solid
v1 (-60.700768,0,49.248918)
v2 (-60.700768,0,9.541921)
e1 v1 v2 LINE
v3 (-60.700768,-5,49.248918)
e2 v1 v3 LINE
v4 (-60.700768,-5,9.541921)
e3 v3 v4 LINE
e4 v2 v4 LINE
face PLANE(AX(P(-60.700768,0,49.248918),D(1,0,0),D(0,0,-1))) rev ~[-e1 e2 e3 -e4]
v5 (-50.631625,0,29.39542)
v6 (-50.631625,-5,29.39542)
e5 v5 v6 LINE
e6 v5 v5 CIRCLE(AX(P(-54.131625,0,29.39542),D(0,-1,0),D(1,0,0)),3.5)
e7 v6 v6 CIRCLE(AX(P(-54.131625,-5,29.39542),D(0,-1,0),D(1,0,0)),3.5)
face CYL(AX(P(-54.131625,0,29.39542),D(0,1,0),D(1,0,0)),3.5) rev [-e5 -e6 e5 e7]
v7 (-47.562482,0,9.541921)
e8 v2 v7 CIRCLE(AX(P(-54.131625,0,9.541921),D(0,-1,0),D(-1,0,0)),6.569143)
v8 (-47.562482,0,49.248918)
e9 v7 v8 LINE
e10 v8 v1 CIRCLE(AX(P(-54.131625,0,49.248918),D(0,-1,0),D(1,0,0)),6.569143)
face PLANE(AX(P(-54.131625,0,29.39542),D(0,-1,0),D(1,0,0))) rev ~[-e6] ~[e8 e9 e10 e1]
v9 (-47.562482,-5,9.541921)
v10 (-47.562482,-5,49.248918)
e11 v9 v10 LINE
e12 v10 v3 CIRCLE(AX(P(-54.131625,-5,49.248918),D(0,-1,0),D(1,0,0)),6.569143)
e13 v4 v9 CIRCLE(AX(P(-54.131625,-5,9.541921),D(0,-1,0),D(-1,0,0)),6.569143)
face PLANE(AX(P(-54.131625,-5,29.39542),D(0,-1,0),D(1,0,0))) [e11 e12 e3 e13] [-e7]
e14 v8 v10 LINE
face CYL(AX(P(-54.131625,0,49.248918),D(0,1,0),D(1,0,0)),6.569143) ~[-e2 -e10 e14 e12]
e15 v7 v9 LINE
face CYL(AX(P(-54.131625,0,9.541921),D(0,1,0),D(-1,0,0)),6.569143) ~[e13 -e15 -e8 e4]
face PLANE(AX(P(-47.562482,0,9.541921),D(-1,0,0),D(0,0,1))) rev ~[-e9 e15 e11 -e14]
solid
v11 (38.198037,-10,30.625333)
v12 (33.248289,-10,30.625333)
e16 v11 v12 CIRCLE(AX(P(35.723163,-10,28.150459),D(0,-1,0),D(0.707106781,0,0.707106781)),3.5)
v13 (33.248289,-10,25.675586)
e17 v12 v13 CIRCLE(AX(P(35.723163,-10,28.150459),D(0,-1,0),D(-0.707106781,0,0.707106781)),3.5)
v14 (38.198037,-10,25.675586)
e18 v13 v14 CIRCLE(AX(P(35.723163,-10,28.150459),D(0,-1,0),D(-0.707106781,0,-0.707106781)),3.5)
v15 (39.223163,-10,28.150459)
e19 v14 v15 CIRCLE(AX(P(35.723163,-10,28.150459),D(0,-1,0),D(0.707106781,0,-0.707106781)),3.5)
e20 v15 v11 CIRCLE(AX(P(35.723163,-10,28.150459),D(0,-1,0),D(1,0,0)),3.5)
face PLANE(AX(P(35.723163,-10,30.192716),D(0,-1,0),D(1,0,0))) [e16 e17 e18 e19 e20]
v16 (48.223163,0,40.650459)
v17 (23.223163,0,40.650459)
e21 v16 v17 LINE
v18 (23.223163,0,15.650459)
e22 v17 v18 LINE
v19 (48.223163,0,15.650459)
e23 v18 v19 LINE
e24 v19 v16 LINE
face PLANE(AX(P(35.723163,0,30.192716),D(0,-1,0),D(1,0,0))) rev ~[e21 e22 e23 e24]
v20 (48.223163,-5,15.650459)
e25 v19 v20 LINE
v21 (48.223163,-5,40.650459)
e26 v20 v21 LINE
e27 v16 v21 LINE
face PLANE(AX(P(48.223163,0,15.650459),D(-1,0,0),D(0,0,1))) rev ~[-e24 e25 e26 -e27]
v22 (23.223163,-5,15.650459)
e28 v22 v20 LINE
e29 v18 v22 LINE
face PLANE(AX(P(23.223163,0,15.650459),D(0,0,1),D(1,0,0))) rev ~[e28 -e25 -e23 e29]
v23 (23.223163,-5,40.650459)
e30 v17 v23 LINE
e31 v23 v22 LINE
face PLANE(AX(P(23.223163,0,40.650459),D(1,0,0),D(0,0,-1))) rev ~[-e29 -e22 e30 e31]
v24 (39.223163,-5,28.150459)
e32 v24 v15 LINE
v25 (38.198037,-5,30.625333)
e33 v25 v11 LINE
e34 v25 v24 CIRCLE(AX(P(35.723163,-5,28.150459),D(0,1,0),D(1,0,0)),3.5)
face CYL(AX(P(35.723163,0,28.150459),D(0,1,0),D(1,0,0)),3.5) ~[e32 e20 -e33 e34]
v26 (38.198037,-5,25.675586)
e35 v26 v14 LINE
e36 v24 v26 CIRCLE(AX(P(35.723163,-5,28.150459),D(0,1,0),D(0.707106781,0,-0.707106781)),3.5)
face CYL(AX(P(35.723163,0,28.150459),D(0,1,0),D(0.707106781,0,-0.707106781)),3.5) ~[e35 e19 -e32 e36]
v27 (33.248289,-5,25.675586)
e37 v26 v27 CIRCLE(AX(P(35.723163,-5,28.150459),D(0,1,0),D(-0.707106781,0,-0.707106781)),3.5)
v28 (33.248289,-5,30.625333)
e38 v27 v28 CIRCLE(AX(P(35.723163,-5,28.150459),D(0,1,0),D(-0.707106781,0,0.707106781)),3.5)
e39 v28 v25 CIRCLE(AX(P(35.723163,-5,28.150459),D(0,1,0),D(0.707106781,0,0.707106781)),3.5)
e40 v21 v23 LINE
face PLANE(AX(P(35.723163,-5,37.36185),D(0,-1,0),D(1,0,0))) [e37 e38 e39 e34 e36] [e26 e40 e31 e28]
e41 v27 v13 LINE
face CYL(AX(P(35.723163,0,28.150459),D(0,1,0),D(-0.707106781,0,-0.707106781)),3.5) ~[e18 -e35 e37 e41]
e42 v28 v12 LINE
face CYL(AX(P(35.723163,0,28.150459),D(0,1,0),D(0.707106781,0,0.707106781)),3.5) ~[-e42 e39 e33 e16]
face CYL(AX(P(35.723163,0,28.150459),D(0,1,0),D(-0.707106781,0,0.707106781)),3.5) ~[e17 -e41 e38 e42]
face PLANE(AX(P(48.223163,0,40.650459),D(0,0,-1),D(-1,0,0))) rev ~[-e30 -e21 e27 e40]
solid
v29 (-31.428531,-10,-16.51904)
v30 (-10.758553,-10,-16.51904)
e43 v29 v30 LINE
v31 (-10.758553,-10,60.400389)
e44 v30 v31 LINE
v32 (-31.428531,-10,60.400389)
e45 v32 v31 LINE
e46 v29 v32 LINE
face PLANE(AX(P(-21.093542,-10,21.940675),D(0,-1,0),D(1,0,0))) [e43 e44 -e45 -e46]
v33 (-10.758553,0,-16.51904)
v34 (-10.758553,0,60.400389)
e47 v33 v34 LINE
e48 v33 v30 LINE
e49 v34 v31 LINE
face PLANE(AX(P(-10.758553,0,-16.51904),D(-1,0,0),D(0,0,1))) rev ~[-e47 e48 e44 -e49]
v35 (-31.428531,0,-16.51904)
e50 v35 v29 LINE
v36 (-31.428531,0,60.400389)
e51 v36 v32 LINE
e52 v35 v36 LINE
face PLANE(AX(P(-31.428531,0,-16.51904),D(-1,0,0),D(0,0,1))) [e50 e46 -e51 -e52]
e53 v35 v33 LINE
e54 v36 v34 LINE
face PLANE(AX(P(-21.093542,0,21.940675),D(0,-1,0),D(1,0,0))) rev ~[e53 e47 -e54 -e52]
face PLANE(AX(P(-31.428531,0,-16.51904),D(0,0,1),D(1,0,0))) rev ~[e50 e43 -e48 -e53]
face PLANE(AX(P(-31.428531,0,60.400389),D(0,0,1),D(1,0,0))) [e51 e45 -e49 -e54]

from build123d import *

# Parameters (mm, degrees)
F0_R     = 3.5
F1_DEPTH = 5
F2_W     = 20.669978112
F2_H     = 76.9194290042
F3_DEPTH = 10
F5_DEPTH = 5
F6_DEPTH = 10


with BuildPart() as f1:
    # F0 (on Front) → F1 (new body)
    with BuildSketch(Plane.XZ):
        with BuildLine():
            ThreePointArc((-47.562482343, 49.2489182709), (-54.1316252202, 55.8180611481), (-60.7007680973, 49.2489182709))
            Line((-60.7007680973, 49.2489182709), (-60.7007680973, 29.3954196386))
            Line((-60.7007680973, 29.3954196386), (-60.7007680973, 9.5419210063))
            ThreePointArc((-60.7007680973, 9.5419210063), (-54.1316252202, 2.9727781291), (-47.562482343, 9.5419210063))
            Line((-47.562482343, 9.5419210063), (-47.562482343, 49.2489182709))
        make_face()
        with Locations((-54.1316252202, 29.3954196386)):
            Circle(F0_R, mode=Mode.SUBTRACT)
    extrude(amount=F1_DEPTH)


with BuildPart() as f3:
    # F2 (on Front) → F3 (new body)
    with BuildSketch(Plane.XZ):
        with Locations((-21.0935417563, 21.9406746328)):
            Rectangle(F2_W, F2_H)
    extrude(amount=F3_DEPTH)


with BuildPart() as f5:
    # F4 (on Front) → F5 (new body)
    with BuildSketch(Plane.XZ):
        with BuildLine():
            Line((48.2231631423, 40.6504594242), (23.2231631423, 40.6504594242))
            Line((23.2231631423, 40.6504594242), (33.2482894081, 30.6253331583))
            ThreePointArc((33.2482894081, 30.6253331583), (35.7231631423, 31.6504594242), (38.1980368764, 30.6253331583))
            Line((38.1980368764, 30.6253331583), (48.2231631423, 40.6504594242))
        make_face()
        with BuildLine():
            Line((33.2482894081, 30.6253331583), (23.2231631423, 40.6504594242))
            Line((23.2231631423, 40.6504594242), (23.2231631423, 15.6504594242))
            Line((23.2231631423, 15.6504594242), (33.2482894081, 25.67558569))
            ThreePointArc((33.2482894081, 25.67558569), (32.2231631423, 28.1504594242), (33.2482894081, 30.6253331583))
        make_face()
        with BuildLine():
            Line((33.2482894081, 25.67558569), (23.2231631423, 15.6504594242))
            Line((23.2231631423, 15.6504594242), (48.2231631423, 15.6504594242))
            Line((48.2231631423, 15.6504594242), (38.1980368764, 25.67558569))
            ThreePointArc((38.1980368764, 25.67558569), (35.7231631423, 24.6504594242), (33.2482894081, 25.67558569))
        make_face()
        with BuildLine():
            Line((48.2231631423, 15.6504594242), (48.2231631423, 40.6504594242))
            Line((48.2231631423, 40.6504594242), (38.1980368764, 30.6253331583))
            ThreePointArc((38.1980368764, 30.6253331583), (38.9567415061, 29.4898514375), (39.2231631423, 28.1504594242))
            ThreePointArc((39.2231631423, 28.1504594242), (38.9567415061, 26.8110674109), (38.1980368764, 25.67558569))
            Line((38.1980368764, 25.67558569), (48.2231631423, 15.6504594242))
        make_face()
        with BuildLine():
            Line((35.7231631423, 28.1504594242), (33.2482894081, 30.6253331583))
            ThreePointArc((33.2482894081, 30.6253331583), (32.2231631423, 28.1504594242), (33.2482894081, 25.67558569))
            Line((33.2482894081, 25.67558569), (35.7231631423, 28.1504594242))
        make_face()
        with BuildLine():
            ThreePointArc((38.1980368764, 30.6253331583), (35.7231631423, 31.6504594242), (33.2482894081, 30.6253331583))
            Line((33.2482894081, 30.6253331583), (35.7231631423, 28.1504594242))
            Line((35.7231631423, 28.1504594242), (38.1980368764, 30.6253331583))
        make_face()
        with BuildLine():
            ThreePointArc((39.2231631423, 28.1504594242), (38.9567415061, 29.4898514375), (38.1980368764, 30.6253331583))
            Line((38.1980368764, 30.6253331583), (35.7231631423, 28.1504594242))
            Line((35.7231631423, 28.1504594242), (38.1980368764, 25.67558569))
            ThreePointArc((38.1980368764, 25.67558569), (38.9567415061, 26.8110674109), (39.2231631423, 28.1504594242))
        make_face()
        with BuildLine():
            Line((35.7231631423, 28.1504594242), (33.2482894081, 25.67558569))
            ThreePointArc((33.2482894081, 25.67558569), (35.7231631423, 24.6504594242), (38.1980368764, 25.67558569))
            Line((38.1980368764, 25.67558569), (35.7231631423, 28.1504594242))
        make_face()
    extrude(amount=F5_DEPTH)

    # F4 (on Front) → F6 (join)
    with BuildSketch(Plane.XZ):
        with BuildLine():
            ThreePointArc((38.1980368764, 30.6253331583), (35.7231631423, 31.6504594242), (33.2482894081, 30.6253331583))
            Line((33.2482894081, 30.6253331583), (35.7231631423, 28.1504594242))
            Line((35.7231631423, 28.1504594242), (38.1980368764, 30.6253331583))
        make_face()
        with BuildLine():
            ThreePointArc((39.2231631423, 28.1504594242), (38.9567415061, 29.4898514375), (38.1980368764, 30.6253331583))
            Line((38.1980368764, 30.6253331583), (35.7231631423, 28.1504594242))
            Line((35.7231631423, 28.1504594242), (38.1980368764, 25.67558569))
            ThreePointArc((38.1980368764, 25.67558569), (38.9567415061, 26.8110674109), (39.2231631423, 28.1504594242))
        make_face()
        with BuildLine():
            Line((35.7231631423, 28.1504594242), (33.2482894081, 25.67558569))
            ThreePointArc((33.2482894081, 25.67558569), (35.7231631423, 24.6504594242), (38.1980368764, 25.67558569))
            Line((38.1980368764, 25.67558569), (35.7231631423, 28.1504594242))
        make_face()
        with BuildLine():
            Line((35.7231631423, 28.1504594242), (33.2482894081, 30.6253331583))
            ThreePointArc((33.2482894081, 30.6253331583), (32.2231631423, 28.1504594242), (33.2482894081, 25.67558569))
            Line((33.2482894081, 25.67558569), (35.7231631423, 28.1504594242))
        make_face()
    extrude(amount=F6_DEPTH)


solid = Compound([f1.part, f3.part, f5.part])
